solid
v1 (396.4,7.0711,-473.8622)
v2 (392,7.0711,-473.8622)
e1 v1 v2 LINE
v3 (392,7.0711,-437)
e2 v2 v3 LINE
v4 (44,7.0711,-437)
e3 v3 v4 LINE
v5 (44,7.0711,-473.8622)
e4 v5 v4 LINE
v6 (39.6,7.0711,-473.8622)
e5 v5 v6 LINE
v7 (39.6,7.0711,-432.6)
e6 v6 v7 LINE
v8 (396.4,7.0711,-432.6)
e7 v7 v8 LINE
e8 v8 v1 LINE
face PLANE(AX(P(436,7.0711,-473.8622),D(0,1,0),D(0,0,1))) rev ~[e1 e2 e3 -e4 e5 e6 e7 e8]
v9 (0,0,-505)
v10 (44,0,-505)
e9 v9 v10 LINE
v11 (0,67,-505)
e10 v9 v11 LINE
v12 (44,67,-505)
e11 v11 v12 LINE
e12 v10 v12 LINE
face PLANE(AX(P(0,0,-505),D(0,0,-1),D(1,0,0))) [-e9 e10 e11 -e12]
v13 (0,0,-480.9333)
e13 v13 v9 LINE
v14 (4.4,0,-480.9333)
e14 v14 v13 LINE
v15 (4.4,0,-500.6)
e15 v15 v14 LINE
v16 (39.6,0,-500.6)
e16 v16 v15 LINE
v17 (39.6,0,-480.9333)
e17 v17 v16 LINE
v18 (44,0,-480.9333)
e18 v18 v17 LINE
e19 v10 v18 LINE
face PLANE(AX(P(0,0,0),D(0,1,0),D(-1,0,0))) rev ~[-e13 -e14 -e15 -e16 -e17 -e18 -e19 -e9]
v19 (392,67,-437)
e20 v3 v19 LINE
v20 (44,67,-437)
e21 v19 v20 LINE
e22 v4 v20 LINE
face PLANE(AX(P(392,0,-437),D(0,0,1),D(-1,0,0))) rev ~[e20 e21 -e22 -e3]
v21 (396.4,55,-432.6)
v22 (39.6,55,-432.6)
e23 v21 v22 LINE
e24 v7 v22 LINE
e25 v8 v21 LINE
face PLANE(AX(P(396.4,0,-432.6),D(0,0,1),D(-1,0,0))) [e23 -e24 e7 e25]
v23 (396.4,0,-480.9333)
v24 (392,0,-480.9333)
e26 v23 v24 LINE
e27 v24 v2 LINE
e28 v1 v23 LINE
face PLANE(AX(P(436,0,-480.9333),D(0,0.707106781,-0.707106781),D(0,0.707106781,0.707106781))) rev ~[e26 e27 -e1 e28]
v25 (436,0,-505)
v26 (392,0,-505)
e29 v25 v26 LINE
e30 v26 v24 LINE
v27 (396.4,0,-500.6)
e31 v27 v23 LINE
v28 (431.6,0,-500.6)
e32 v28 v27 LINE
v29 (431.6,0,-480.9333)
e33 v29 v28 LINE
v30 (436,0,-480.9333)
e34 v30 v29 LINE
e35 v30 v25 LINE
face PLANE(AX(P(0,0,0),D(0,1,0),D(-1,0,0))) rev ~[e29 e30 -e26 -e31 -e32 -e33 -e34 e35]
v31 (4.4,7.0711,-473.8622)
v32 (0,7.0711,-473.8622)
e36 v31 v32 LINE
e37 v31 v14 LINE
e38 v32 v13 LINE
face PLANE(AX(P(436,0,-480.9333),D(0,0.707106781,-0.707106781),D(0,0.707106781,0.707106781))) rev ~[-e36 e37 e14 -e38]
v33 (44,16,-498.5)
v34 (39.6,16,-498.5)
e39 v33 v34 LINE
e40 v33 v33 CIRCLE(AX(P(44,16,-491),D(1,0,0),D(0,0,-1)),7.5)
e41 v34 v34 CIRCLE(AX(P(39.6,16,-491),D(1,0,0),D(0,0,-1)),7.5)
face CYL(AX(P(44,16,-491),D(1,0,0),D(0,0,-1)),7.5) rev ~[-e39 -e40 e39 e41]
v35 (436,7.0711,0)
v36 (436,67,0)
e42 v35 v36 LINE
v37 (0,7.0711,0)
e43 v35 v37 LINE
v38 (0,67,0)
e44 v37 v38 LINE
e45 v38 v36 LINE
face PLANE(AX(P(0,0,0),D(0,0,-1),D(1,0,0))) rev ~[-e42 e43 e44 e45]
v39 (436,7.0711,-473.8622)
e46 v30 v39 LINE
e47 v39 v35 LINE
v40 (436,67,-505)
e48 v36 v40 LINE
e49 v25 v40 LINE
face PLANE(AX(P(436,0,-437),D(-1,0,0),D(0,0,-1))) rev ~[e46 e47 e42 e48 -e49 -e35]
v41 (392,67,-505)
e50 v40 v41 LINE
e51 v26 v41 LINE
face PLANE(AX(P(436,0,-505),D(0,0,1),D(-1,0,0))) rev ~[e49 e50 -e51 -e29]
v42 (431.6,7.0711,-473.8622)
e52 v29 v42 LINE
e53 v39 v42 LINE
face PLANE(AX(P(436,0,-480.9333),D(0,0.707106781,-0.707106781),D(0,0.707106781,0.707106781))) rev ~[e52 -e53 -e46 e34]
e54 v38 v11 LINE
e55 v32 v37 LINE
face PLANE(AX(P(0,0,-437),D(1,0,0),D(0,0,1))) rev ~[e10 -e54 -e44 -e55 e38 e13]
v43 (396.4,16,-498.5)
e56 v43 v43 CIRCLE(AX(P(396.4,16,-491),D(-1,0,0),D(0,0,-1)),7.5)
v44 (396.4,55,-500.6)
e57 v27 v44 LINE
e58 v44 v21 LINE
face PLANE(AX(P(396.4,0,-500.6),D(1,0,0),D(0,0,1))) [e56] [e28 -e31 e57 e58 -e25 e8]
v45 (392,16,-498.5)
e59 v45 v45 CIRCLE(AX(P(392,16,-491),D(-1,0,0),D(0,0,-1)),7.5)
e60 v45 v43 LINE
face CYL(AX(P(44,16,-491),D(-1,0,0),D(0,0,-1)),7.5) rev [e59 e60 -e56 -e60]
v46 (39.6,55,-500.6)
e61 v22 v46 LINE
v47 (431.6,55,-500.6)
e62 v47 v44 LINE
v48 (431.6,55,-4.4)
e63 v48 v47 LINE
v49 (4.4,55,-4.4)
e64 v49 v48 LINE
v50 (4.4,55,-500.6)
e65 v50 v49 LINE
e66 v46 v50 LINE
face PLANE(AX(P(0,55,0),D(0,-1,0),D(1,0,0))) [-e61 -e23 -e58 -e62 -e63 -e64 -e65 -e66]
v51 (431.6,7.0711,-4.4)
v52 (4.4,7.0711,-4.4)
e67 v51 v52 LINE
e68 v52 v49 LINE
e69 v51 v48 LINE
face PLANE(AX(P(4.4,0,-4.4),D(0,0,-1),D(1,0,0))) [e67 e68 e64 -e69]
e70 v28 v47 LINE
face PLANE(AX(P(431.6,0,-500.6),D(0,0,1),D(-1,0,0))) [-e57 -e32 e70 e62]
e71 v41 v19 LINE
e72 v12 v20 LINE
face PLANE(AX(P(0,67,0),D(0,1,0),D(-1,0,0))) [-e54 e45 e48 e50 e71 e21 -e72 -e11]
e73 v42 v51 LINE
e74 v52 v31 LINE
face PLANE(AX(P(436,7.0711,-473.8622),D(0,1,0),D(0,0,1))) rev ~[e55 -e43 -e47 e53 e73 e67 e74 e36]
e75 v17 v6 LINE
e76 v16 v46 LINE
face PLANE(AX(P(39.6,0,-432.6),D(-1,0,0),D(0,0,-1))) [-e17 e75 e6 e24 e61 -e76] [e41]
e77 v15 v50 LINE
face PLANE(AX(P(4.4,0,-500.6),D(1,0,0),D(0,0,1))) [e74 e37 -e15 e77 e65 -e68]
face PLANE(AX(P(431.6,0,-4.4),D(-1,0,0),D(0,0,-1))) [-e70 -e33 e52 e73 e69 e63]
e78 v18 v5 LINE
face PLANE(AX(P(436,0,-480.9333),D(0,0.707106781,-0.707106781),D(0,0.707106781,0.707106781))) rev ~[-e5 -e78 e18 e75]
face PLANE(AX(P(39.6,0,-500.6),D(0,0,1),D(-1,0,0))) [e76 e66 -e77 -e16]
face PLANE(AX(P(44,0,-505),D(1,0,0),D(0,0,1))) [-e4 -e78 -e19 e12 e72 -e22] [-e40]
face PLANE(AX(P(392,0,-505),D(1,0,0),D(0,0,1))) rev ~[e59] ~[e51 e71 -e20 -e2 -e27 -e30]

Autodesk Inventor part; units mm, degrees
ref_plane "YZ Plane" through (0, 0, 0) normal (1, 0, 0) x (0, 1, 0)
ref_plane "XZ Plane" through (0, 0, 0) normal (0, 1, 0) x (-1, 0, 0)
ref_plane "XY Plane" through (0, 0, 0) normal (0, 0, 1) x (1, 0, 0)
sketch "Sketch1" plane through (0, 0, 0) normal (0, 1, 0) x (-1, 0, 0)
  line L0 (0, 0) -> (-436, 0)
  line L1 (-436, 0) -> (-436, -437)
  line L2 (-392, -437) -> (-44, -437)
  line L3 (0, -437) -> (0, 0)
  line L4 (0, -437) -> (0, -505)
  line L5 (0, -505) -> (-44, -505)
  line L6 (-44, -505) -> (-44, -437)
  line L7 (-436, -437) -> (-436, -505)
  line L8 (-436, -505) -> (-392, -505)
  line L9 (-392, -505) -> (-392, -437)
  dimension "d0" = 436
  dimension "d1" = 437
  dimension "d2" = 68
  dimension "d3" = 44
  dimension "d4" = 68
  dimension "d5" = 68
  dimension "d6" = 44
  dimension "d7" = 68
extrude "Extrusion1" add sketch "Sketch1" along normal blind 67
sketch "Sketch4" plane through (436, 0, 0) normal (1, 0, 0) x (0, 0, -1)
  line L0 (504.9333, 0) -> (480.9333, 0)
  line L1 (505, 0) -> (437, 0) projected
  line L2 (480.9333, 0) -> (473.8622, 7.0711)
  line L3 (473.8622, 7.0711) -> (0, 7.0711)
  line L4 (0, 0) -> (0, 67) projected
  line L5 (0, 7.0711) -> (0, 0)
  line L6 (0, 0) -> (480.9333, 0)
  dimension "d13" = 24
  dimension "d14" = 10
  dimension "d15" = 135
extrude "Extrusion2" cut sketch "Sketch4" against normal through all
sketch "Sketch5" plane through (0, 0, 0) normal (0, -1, 0) x (1, 0, 0)
  line L0 (0, 0) -> (436, 0) projected
  line L1 (436, 0) -> (0, 0)
  line L2 (0, -505) -> (0, -480.9333) projected
  line L3 (0, 0) -> (0, -505)
  line L4 (44, -505) -> (0, -505) projected
  line L5 (0, -505) -> (44, -505)
  line L6 (44, -437) -> (44, -505) projected
  line L7 (44, -505) -> (44, -437)
  line L8 (392, -505) -> (392, -437) projected
  line L9 (44, -437) -> (392, -437)
  line L10 (392, -437) -> (392, -505)
  line L11 (436, -505) -> (392, -505) projected
  line L12 (392, -505) -> (436, -505)
  line L13 (436, 0) -> (436, -505) projected
  line L14 (436, -505) -> (436, 0)
  line L15 (396.4, -432.6) -> (39.6, -432.6)
  line L16 (39.6, -432.6) -> (39.6, -500.6)
  line L17 (39.6, -500.6) -> (4.4, -500.6)
  line L18 (4.4, -500.6) -> (4.4, -4.4)
  line L19 (4.4, -4.4) -> (431.6, -4.4)
  line L20 (431.6, -4.4) -> (431.6, -500.6)
  line L21 (431.6, -500.6) -> (396.4, -500.6)
  line L22 (396.4, -500.6) -> (396.4, -432.6)
  dimension "d18" = 4.4
extrude "Extrusion3" cut sketch "Sketch5" against normal blind 55 contours L15 L16 L17 L18 L19 L20 L21 L22
sketch "Sketch3" plane through (44, 0, -437) normal (1, 0, 0) x (0, 0, -1)
  circle A0 centre (54, 16) radius 7.5
  line L0 (0, 0) -> (0, 67) projected
  line L1 (0, 0) -> (68, 0) projected
  point P0 (-437, 0)
  dimension "d10" = 15
  dimension "d11" = 54
  dimension "d12" = 16
extrude "Extrusion4" cut sketch "Sketch3" along normal blind 367.5 and the other way blind 27.5
properties part number "bin_lid"
